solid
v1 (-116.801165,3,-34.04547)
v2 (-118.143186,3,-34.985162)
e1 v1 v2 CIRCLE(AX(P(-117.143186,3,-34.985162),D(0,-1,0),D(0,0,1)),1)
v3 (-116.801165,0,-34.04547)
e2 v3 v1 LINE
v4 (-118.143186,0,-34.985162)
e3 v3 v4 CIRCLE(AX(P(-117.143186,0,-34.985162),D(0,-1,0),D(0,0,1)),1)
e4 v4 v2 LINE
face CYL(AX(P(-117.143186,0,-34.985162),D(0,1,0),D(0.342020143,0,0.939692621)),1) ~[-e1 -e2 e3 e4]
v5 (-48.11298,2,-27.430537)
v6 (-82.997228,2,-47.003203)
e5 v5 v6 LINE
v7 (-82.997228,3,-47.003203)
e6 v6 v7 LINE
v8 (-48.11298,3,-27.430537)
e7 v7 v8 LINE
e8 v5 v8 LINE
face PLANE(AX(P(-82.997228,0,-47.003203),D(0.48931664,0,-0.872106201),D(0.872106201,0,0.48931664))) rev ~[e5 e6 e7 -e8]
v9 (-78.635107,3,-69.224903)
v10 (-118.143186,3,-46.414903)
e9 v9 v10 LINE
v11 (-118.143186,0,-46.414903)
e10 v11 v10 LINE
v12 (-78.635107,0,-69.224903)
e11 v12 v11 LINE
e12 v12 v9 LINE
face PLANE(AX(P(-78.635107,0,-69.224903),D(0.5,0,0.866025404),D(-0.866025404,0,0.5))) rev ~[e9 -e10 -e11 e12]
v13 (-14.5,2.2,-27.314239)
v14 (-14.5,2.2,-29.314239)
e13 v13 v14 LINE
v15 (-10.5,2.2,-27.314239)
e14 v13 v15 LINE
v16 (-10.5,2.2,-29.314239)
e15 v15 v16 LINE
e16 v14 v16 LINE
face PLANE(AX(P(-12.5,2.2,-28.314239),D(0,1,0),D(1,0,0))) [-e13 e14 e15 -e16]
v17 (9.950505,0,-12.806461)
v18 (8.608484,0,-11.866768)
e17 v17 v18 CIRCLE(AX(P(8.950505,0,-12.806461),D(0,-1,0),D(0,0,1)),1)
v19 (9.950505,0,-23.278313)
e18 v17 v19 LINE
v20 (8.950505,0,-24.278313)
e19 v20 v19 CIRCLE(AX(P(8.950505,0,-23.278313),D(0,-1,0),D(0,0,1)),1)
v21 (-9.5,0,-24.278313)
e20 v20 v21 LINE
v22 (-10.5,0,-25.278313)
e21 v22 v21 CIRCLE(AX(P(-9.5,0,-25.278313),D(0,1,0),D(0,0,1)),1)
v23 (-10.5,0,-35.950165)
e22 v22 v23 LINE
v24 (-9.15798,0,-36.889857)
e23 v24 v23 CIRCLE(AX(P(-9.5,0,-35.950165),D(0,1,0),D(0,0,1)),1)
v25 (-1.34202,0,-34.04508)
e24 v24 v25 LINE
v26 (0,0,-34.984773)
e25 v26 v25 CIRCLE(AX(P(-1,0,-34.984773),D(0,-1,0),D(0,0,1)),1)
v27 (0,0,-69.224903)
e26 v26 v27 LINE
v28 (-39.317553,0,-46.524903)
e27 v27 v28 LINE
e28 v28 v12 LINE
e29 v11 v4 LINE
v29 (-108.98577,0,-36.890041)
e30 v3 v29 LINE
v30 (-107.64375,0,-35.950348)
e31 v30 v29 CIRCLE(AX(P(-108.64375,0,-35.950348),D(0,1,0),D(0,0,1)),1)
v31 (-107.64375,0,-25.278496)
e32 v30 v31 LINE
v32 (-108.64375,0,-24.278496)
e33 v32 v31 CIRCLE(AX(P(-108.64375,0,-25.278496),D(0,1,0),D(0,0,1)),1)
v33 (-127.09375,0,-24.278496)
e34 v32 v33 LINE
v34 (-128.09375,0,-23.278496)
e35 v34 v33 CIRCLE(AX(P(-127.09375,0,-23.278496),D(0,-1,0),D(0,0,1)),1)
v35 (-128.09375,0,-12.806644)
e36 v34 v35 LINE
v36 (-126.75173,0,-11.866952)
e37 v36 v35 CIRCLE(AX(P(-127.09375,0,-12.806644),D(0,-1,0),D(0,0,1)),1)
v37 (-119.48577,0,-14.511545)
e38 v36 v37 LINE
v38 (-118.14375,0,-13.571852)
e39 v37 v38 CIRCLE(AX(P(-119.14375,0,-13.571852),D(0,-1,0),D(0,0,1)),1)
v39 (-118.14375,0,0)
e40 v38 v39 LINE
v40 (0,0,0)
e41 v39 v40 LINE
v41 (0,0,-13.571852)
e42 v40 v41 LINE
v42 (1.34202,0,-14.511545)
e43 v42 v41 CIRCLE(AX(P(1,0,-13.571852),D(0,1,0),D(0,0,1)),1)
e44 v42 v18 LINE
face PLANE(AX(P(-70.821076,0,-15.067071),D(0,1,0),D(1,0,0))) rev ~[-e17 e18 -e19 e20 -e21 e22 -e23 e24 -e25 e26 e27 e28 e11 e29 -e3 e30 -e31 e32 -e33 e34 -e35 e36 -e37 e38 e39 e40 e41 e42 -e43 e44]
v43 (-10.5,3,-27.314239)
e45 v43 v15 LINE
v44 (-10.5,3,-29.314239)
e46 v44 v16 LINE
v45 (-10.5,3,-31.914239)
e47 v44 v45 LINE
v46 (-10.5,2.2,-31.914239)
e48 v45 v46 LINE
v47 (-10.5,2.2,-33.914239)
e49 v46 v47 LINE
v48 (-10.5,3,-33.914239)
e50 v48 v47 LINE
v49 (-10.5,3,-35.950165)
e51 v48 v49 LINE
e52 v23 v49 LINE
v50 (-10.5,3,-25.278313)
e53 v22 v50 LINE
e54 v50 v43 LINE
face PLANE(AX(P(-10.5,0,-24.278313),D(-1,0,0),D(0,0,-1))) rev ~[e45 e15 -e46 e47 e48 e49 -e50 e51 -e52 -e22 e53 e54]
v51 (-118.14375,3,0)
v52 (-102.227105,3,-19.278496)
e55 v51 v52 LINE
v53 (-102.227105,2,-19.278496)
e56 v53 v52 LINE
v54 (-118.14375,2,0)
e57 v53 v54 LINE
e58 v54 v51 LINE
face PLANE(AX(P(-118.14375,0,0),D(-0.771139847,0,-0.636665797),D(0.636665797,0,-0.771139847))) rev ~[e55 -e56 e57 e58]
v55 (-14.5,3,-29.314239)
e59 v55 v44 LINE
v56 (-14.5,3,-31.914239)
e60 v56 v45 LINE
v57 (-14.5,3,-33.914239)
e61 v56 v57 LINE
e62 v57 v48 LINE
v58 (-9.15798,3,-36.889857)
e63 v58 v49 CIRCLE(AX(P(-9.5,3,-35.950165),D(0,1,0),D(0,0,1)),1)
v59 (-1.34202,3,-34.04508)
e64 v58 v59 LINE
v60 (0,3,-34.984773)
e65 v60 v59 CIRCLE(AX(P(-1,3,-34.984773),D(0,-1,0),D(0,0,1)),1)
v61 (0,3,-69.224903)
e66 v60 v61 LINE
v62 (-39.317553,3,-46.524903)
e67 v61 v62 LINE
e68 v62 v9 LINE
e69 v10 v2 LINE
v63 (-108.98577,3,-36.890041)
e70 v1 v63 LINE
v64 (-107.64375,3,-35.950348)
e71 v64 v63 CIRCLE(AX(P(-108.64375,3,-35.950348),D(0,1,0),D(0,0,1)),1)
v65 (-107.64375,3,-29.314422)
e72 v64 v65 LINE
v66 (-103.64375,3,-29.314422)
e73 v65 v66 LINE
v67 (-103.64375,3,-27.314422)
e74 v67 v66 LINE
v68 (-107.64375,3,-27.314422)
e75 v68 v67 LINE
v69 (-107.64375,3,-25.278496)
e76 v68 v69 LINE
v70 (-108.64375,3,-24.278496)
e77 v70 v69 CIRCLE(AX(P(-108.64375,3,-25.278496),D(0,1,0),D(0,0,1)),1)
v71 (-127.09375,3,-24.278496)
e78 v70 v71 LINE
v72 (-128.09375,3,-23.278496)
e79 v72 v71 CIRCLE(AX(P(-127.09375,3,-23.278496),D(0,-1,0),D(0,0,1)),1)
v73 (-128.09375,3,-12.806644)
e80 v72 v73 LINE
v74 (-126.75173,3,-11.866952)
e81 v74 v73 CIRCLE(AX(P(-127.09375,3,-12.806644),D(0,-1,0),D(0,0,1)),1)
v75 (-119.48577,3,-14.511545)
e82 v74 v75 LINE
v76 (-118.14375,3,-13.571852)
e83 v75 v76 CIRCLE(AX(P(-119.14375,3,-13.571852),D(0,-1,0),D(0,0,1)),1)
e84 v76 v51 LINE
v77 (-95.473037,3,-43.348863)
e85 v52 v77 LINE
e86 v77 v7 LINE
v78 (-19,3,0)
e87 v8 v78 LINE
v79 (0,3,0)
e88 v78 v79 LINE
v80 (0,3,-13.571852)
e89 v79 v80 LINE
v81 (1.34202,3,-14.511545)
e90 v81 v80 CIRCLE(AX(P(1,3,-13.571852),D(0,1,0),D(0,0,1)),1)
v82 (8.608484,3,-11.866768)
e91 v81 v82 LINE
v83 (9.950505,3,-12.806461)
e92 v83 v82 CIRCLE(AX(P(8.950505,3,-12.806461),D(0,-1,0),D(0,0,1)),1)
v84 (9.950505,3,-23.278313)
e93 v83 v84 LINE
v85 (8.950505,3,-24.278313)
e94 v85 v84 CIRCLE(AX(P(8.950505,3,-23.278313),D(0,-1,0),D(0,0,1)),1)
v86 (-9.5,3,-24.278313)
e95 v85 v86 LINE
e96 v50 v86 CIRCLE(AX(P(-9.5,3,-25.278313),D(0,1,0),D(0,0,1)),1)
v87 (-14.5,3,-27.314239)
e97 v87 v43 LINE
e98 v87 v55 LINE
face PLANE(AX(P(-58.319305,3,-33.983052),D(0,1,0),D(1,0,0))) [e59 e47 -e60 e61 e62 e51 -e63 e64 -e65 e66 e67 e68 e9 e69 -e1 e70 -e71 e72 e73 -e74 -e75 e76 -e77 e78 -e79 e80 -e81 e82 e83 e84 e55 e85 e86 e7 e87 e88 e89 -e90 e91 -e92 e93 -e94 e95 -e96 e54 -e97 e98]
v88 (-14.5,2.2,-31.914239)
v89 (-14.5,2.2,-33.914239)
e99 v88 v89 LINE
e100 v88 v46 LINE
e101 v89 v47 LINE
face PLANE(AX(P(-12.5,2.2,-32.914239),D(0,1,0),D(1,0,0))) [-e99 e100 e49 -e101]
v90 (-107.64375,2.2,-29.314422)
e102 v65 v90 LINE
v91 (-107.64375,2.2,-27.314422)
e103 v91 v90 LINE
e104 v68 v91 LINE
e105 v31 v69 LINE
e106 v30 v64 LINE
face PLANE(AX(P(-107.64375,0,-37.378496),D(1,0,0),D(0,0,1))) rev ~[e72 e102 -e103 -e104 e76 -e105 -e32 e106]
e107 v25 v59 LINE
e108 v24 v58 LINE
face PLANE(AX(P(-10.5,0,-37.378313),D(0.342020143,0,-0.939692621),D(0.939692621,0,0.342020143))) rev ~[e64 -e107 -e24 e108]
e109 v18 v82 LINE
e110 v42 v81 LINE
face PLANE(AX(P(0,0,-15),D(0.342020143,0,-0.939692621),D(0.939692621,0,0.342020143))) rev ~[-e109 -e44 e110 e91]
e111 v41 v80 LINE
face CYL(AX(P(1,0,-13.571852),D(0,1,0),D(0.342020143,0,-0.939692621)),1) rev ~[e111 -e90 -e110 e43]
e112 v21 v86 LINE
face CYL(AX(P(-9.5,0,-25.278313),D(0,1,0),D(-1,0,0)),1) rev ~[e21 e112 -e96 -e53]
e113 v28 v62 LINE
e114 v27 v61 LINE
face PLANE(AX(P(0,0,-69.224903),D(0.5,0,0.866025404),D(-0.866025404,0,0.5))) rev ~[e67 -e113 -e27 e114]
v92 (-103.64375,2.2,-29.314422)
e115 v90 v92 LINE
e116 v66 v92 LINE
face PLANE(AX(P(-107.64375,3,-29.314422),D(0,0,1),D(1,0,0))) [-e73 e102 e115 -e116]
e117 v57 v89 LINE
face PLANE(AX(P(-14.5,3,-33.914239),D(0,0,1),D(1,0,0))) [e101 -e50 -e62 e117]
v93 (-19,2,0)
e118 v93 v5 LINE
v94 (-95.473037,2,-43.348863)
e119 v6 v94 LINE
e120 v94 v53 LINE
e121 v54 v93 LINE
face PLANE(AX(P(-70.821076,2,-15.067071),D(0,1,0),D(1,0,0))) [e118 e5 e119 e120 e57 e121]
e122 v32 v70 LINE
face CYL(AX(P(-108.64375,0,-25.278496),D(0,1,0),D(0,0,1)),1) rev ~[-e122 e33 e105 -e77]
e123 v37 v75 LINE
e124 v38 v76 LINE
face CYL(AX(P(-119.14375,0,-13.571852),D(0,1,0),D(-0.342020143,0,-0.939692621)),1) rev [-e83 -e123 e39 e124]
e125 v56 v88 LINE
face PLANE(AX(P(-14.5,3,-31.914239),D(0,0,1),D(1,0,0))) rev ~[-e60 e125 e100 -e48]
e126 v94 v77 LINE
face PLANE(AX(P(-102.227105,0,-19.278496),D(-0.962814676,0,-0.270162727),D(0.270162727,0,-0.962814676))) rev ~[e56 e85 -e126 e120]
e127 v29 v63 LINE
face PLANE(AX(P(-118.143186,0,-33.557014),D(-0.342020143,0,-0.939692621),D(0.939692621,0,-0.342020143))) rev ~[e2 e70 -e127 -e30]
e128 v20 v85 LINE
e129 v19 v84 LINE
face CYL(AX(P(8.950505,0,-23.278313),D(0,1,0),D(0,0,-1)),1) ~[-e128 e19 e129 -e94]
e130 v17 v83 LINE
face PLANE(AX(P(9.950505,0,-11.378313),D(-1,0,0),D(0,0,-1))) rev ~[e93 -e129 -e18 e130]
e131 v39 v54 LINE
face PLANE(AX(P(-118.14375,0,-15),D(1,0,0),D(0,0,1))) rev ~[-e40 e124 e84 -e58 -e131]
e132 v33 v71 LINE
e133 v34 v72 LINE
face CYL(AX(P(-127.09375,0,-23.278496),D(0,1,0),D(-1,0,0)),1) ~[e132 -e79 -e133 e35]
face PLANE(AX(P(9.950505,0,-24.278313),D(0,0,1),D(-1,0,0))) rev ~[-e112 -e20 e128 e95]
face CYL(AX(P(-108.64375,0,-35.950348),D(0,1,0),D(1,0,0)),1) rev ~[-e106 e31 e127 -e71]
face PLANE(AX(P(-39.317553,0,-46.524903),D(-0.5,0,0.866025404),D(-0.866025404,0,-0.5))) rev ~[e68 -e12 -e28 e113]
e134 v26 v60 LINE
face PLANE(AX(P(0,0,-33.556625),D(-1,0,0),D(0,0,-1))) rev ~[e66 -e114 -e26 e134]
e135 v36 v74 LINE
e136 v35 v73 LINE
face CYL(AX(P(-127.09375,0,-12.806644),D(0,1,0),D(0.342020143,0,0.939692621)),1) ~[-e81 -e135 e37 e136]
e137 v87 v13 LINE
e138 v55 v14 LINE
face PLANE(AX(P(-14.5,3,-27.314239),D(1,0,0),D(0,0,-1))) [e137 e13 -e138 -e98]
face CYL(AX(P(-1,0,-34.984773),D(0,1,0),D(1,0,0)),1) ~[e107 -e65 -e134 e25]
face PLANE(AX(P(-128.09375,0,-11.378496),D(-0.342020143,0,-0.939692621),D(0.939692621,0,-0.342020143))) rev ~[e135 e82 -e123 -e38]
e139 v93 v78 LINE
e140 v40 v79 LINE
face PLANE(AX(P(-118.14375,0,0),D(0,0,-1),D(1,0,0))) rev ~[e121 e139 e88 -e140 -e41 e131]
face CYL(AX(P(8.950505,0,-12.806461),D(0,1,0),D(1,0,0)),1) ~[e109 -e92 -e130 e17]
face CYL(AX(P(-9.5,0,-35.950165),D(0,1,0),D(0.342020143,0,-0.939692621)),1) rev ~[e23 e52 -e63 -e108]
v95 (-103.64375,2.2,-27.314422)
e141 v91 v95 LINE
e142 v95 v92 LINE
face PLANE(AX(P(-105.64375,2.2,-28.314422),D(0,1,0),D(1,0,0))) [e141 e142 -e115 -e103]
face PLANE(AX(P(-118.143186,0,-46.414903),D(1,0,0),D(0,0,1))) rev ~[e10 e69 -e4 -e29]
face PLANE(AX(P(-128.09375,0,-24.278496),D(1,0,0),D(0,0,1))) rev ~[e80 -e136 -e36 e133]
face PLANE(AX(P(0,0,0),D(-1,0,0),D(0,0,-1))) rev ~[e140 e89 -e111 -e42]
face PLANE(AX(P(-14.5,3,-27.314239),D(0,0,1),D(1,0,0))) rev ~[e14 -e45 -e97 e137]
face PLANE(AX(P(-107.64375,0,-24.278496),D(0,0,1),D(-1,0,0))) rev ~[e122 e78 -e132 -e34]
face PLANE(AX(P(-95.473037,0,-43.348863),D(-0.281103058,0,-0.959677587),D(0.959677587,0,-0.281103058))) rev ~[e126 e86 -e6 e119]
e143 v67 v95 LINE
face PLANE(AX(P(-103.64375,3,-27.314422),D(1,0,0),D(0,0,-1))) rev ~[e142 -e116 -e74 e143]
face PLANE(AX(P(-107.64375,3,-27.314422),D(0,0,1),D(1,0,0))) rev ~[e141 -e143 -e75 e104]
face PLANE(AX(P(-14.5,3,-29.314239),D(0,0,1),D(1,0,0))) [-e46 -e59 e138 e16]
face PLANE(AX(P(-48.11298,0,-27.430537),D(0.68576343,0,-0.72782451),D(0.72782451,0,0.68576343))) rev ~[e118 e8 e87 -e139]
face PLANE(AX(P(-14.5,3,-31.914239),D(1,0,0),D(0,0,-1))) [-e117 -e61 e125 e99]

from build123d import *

# Parameters (mm, degrees)
P_IDAT_VYSUNUT_M1_DEPTH  = 3
P_IDAT_VYSUNUT_M2_DEPTH  = 2
ZAOBLIT3_R               = 1
SKICA2_W                 = 4
SKICA2_H                 = 2
ODEBRAT_VYSUNUT_M1_DEPTH = 0.8
SKICA3_W                 = 4
SKICA3_H                 = 2
ODEBRAT_VYSUNUT_M2_DEPTH = 0.8


with BuildPart() as part:
    # Skica1 → P_idat vysunut_m1 (new body)
    with BuildSketch(Plane(origin=(0, 0, 0), x_dir=(1, 0, 0), z_dir=(0, 1, 0))):
        Polygon((-118.143750166, 15), (-118.143750166, 0), (-102.227105248, 19.278496169), (-95.473037065, 43.348863075), (-82.997228437, 47.003202833), (-48.112980408, 27.430537213), (-19, 0), (0, 0), (0, 15), (9.950504516, 11.37831254), (9.950504516, 24.27831254), (-10.5, 24.27831254), (-10.5, 37.37831254), (0, 33.55662508), (0, 69.224902673), (-39.317553332, 46.524902673), (-78.635106664, 69.224902673), (-118.143185584, 46.414902673), (-118.143185584, 33.5570142), (-107.643750166, 37.378496169), (-107.643750166, 24.278496169), (-128.093750166, 24.278496169), (-128.093750166, 11.378496169), align=None)
    extrude(amount=P_IDAT_VYSUNUT_M1_DEPTH)

    # Skica1_3 → P_idat vysunut_m2 (add)
    with BuildSketch(Plane(origin=(0, 0, 0), x_dir=(1, 0, 0), z_dir=(0, 1, 0))):
        Polygon((-102.227105248, 19.278496169), (-118.143750166, 0), (-19, 0), (-48.112980408, 27.430537213), (-82.997228437, 47.003202833), (-95.473037065, 43.348863075), align=None)
    extrude(amount=P_IDAT_VYSUNUT_M2_DEPTH)

    # Zaoblit3
    zaoblit3_edges = [part.edges().sort_by_distance(p)[0] for p in [
        (-10.5, 1.5, -24.27831254),
        (9.950504516, 1.5, -24.27831254),
        (9.950504516, 1.5, -11.37831254),
        (0, 1.5, -15),
        (-118.143750166, 1.5, -15),
        (-128.093750166, 1.5, -11.378496169),
        (-128.093750166, 1.5, -24.278496169),
        (-107.643750166, 1.5, -24.278496169),
        (-107.643750166, 1.5, -37.378496169),
        (-118.143185584, 1.5, -33.5570142),
        (0, 1.5, -33.55662508),
        (-10.5, 1.5, -37.37831254),
    ]]
    fillet(zaoblit3_edges, radius=ZAOBLIT3_R)

    # Skica2 → Odebrat vysunut_m1 (cut)
    with BuildSketch(Plane(origin=(0, 3, 0), x_dir=(1, 0, 0), z_dir=(0, 1, 0))):
        with Locations((-105.643750166, 28.314422166)):
            Rectangle(SKICA2_W, SKICA2_H)
    extrude(amount=-ODEBRAT_VYSUNUT_M1_DEPTH, mode=Mode.SUBTRACT)

    # Skica3 → Odebrat vysunut_m2 (cut)
    with BuildSketch(Plane(origin=(0, 3, 0), x_dir=(1, 0, 0), z_dir=(0, 1, 0))):
        with Locations((-12.5, 32.914238537)):
            Rectangle(SKICA3_W, SKICA3_H)
        with Locations((-12.5, 28.314238537)):
            Rectangle(SKICA3_W, SKICA3_H)
    extrude(amount=-ODEBRAT_VYSUNUT_M2_DEPTH, mode=Mode.SUBTRACT)


solid = part.part
